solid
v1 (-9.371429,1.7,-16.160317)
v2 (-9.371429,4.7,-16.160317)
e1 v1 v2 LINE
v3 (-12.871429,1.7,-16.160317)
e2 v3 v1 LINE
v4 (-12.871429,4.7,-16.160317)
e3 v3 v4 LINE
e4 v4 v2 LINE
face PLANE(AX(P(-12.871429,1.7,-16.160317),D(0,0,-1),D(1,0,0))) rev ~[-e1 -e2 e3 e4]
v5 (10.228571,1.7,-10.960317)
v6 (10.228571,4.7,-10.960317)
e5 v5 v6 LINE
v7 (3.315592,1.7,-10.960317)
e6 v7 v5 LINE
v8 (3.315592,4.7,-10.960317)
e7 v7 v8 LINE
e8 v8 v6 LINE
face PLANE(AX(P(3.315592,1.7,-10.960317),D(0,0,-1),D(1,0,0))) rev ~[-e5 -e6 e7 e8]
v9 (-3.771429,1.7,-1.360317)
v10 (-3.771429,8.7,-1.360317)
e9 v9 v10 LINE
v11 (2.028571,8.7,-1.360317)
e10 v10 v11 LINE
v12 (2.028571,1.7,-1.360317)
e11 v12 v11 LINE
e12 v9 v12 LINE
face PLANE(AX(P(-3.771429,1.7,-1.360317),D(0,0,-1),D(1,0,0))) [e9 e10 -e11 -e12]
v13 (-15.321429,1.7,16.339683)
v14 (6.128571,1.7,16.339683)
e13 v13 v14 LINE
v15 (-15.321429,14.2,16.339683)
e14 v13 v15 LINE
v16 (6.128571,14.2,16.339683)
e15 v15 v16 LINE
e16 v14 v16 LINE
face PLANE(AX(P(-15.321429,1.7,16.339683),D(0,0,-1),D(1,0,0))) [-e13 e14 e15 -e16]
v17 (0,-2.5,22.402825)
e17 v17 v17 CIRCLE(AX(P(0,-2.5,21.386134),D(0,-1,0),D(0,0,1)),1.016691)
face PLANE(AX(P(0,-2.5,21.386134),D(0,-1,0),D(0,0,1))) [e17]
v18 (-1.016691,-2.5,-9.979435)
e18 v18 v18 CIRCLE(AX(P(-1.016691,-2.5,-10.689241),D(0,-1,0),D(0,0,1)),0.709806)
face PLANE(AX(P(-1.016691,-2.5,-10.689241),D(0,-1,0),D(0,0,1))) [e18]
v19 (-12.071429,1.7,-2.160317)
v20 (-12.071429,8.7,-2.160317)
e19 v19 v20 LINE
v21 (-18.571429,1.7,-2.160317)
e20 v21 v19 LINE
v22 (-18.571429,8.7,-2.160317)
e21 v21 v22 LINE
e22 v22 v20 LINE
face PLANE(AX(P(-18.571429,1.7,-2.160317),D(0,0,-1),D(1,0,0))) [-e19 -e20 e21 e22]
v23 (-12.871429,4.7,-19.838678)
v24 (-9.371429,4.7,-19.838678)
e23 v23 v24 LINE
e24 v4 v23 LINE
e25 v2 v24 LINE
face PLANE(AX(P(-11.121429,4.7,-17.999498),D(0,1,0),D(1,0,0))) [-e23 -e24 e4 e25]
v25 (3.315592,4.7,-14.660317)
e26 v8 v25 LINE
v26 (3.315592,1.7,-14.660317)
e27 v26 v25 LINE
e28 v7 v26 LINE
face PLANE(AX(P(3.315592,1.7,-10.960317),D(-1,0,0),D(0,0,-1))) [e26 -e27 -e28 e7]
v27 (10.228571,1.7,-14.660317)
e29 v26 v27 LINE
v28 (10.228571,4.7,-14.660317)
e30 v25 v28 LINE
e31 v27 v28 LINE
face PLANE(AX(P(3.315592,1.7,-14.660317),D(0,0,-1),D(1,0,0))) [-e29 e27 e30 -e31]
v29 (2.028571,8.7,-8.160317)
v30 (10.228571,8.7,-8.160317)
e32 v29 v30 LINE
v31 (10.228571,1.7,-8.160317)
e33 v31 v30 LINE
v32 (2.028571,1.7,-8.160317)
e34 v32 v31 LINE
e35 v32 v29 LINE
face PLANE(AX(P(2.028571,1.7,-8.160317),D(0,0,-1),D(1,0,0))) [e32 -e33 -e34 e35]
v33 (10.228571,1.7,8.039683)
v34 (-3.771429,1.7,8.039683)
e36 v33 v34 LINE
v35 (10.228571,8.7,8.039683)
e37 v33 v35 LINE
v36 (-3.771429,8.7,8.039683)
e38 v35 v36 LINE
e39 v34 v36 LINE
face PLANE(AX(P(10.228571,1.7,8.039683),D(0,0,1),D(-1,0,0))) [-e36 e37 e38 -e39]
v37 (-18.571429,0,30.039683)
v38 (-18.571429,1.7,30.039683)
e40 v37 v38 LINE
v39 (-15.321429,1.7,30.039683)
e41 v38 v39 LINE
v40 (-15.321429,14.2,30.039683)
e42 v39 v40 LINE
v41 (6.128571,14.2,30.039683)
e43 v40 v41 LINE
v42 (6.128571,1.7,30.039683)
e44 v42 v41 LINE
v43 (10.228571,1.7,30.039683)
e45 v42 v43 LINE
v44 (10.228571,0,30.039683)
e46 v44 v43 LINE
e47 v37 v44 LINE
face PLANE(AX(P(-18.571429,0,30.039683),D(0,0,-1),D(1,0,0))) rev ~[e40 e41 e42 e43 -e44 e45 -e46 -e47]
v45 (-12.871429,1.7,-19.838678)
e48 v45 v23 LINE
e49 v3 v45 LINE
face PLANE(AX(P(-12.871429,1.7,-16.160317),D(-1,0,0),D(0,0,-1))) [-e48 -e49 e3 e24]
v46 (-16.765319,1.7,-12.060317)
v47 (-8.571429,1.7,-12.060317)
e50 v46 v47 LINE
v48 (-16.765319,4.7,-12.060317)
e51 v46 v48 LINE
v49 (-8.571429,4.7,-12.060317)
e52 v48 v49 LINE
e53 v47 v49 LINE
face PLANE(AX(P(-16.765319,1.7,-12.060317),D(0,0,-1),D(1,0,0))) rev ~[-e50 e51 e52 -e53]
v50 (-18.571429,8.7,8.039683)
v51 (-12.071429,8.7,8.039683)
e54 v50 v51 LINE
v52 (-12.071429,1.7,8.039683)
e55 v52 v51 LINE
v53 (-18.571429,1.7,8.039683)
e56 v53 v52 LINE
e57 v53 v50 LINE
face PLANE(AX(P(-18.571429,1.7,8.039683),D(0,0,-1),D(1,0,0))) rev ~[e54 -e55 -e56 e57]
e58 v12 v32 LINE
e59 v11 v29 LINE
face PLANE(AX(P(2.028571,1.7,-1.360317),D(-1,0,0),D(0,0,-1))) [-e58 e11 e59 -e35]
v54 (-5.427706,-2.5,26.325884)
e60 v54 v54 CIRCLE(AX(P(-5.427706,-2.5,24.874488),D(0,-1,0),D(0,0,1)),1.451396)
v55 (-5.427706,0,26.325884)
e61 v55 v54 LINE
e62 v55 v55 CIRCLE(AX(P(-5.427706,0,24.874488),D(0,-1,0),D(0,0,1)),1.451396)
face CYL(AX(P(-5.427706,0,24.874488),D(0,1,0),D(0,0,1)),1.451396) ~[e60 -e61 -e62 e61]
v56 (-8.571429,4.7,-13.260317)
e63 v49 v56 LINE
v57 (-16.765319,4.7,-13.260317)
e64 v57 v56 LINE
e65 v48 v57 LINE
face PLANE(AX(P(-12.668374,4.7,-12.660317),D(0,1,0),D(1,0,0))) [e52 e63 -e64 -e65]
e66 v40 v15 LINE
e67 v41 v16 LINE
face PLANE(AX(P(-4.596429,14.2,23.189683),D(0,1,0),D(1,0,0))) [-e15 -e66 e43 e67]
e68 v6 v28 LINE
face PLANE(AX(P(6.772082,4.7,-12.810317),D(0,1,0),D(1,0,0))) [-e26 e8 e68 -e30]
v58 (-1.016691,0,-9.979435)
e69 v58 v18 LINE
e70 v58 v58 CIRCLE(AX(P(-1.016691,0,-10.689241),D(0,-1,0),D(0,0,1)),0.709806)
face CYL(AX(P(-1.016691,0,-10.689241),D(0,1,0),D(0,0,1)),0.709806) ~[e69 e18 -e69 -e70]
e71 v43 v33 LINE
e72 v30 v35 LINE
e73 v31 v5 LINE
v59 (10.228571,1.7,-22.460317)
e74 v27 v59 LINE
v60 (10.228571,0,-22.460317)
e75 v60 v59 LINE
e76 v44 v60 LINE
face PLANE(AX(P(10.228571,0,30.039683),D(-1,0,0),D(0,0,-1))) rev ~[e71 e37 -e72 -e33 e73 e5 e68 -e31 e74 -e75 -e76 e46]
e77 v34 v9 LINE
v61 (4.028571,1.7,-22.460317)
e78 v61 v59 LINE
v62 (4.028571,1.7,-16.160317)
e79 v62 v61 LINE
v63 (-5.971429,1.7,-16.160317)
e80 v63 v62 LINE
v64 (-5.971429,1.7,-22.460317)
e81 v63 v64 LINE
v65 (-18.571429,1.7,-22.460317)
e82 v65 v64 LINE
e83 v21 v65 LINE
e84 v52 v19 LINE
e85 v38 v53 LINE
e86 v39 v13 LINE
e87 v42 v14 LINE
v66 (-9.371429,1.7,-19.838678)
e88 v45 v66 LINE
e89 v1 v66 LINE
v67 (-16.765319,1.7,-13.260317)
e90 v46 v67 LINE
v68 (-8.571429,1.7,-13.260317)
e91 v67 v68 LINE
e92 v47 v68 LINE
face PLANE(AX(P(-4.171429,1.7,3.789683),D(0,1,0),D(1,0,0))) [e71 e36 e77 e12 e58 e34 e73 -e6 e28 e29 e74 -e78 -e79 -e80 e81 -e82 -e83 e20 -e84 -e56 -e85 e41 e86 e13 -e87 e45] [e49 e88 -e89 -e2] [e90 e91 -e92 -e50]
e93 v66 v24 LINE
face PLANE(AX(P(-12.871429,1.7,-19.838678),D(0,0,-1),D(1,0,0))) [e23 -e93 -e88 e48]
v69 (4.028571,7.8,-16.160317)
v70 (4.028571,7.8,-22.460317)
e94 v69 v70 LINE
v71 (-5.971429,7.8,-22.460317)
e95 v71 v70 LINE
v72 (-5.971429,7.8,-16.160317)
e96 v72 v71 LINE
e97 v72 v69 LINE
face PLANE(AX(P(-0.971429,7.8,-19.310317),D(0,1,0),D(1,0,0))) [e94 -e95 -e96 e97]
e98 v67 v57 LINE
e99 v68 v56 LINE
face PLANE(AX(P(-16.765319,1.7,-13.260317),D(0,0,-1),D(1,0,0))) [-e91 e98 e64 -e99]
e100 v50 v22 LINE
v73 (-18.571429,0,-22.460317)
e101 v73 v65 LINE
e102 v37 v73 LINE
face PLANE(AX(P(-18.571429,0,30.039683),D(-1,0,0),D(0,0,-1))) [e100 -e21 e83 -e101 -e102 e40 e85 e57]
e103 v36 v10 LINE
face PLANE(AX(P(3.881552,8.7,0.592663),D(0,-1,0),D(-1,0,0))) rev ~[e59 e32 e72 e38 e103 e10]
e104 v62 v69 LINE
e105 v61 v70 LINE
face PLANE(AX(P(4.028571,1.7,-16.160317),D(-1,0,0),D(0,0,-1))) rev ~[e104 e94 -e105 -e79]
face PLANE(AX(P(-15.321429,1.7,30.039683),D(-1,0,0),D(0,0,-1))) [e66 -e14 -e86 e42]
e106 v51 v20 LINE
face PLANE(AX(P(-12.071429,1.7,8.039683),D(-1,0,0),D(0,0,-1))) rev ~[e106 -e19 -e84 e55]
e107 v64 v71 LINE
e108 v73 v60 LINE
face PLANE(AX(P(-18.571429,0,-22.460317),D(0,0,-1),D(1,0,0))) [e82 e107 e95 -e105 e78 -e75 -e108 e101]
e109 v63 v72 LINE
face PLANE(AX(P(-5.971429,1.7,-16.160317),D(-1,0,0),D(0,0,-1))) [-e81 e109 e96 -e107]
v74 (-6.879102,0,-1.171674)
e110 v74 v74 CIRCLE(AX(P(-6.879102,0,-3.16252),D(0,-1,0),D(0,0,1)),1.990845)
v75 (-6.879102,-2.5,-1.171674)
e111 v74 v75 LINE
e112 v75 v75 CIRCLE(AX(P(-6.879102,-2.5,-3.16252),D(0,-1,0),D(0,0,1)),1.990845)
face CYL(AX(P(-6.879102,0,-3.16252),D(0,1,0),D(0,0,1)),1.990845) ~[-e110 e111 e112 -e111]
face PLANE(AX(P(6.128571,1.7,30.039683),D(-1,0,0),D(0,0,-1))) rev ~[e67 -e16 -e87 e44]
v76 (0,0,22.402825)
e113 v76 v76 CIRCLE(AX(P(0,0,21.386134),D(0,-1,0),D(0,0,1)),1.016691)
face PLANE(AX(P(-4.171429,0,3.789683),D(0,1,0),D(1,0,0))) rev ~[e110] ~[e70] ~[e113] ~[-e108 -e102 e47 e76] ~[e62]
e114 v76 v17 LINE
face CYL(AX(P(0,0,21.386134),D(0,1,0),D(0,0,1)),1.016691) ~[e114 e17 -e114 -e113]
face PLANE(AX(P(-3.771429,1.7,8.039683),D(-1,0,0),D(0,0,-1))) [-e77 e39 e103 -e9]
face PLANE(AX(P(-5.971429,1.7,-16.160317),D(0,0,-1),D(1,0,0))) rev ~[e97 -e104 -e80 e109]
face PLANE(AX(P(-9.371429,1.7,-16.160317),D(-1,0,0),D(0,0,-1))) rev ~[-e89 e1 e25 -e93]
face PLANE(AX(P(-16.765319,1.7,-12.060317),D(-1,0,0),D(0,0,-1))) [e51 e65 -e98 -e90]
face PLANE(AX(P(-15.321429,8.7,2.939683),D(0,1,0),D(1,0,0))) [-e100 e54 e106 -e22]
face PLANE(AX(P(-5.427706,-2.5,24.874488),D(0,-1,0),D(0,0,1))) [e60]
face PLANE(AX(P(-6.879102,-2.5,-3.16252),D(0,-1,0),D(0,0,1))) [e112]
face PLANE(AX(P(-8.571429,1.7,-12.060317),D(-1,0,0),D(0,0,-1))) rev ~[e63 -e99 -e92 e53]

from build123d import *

# Parameters (mm, degrees)
SZKIC1_W                    = 28.8
SZKIC1_H                    = 52.5
DODANIE_WYCI_GNI_CIE1_DEPTH = 1.7
SZKIC2_W                    = 21.45
SZKIC2_H                    = 13.7
DODANIE_WYCI_GNI_CIE2_DEPTH = 12.5
SZKIC3_W                    = 10
SZKIC3_H                    = 6.3
DODANIE_WYCI_GNI_CIE3_DEPTH = 6.1
SZKIC4_W                    = 6.912979227
SZKIC4_H                    = 3.7
DODANIE_WYCI_GNI_CIE4_DEPTH = 3
SZKIC5_R                    = 1.451396222
SZKIC5_R_2                  = 1.016690736
SZKIC5_R_3                  = 1.990845458
SZKIC5_R_4                  = 0.709805555
DODANIE_WYCI_GNI_CIE5_DEPTH = 2.5
SZKIC6_W                    = 3.5
SZKIC6_H                    = 3.678360942
DODANIE_WYCI_GNI_CIE6_DEPTH = 3
SZKIC7_W                    = 8.193889987
SZKIC7_H                    = 1.2
DODANIE_WYCI_GNI_CIE7_DEPTH = 3
SZKIC8_W                    = 6.5
SZKIC8_H                    = 10.2
DODANIE_WYCI_GNI_CIE8_DEPTH = 7


with BuildPart() as part:
    # Szkic1 → Dodanie-wyciągnięcie1 (new body)
    with BuildSketch(Plane(origin=(0, 0, 0), x_dir=(1, 0, 0), z_dir=(0, 1, 0))):
        with Locations((-4.171428571, -3.78968254)):
            Rectangle(SZKIC1_W, SZKIC1_H)
    extrude(amount=DODANIE_WYCI_GNI_CIE1_DEPTH)

    # Szkic2 → Dodanie-wyciągnięcie2 (add)
    with BuildSketch(Plane(origin=(0, 1.7, 0), x_dir=(1, 0, 0), z_dir=(0, 1, 0))):
        with Locations((-4.596428571, -23.18968254)):
            Rectangle(SZKIC2_W, SZKIC2_H)
    extrude(amount=DODANIE_WYCI_GNI_CIE2_DEPTH)

    # Szkic3 → Dodanie-wyciągnięcie3 (add)
    with BuildSketch(Plane(origin=(0, 1.7, 0), x_dir=(1, 0, 0), z_dir=(0, 1, 0))):
        with Locations((-0.971428571, 19.31031746)):
            Rectangle(SZKIC3_W, SZKIC3_H)
    extrude(amount=DODANIE_WYCI_GNI_CIE3_DEPTH)

    # Szkic4 → Dodanie-wyciągnięcie4 (add)
    with BuildSketch(Plane(origin=(0, 1.7, 0), x_dir=(1, 0, 0), z_dir=(0, 1, 0))):
        with Locations((6.772081815, 12.81031746)):
            Rectangle(SZKIC4_W, SZKIC4_H)
    extrude(amount=DODANIE_WYCI_GNI_CIE4_DEPTH)

    # Szkic5 → Dodanie-wyciągnięcie5 (add)
    with BuildSketch(Plane.XZ):
        with Locations(Location((-5.427705737, 24.874487644, 0), (0, 0, 90))):
            Circle(SZKIC5_R)
        with Locations(Location((0, 21.386133845, 0), (0, 0, 90))):
            Circle(SZKIC5_R_2)
        with Locations(Location((-6.879101959, -3.162519717, 0), (0, 0, 90))):
            Circle(SZKIC5_R_3)
        with Locations(Location((-1.016690736, -10.689240837, 0), (0, 0, 90))):
            Circle(SZKIC5_R_4)
    extrude(amount=DODANIE_WYCI_GNI_CIE5_DEPTH)

    # Szkic6 → Dodanie-wyciągnięcie6 (add)
    with BuildSketch(Plane(origin=(0, 1.7, 0), x_dir=(1, 0, 0), z_dir=(0, 1, 0))):
        with Locations((-11.121428571, 17.999497931)):
            Rectangle(SZKIC6_W, SZKIC6_H)
    extrude(amount=DODANIE_WYCI_GNI_CIE6_DEPTH)

    # Szkic7 → Dodanie-wyciągnięcie7 (add)
    with BuildSketch(Plane(origin=(0, 1.7, 0), x_dir=(1, 0, 0), z_dir=(0, 1, 0))):
        with Locations((-12.668373565, 12.66031746)):
            Rectangle(SZKIC7_W, SZKIC7_H)
    extrude(amount=DODANIE_WYCI_GNI_CIE7_DEPTH)

    # Szkic8 → Dodanie-wyciągnięcie8 (add)
    with BuildSketch(Plane(origin=(0, 1.7, 0), x_dir=(1, 0, 0), z_dir=(0, 1, 0))):
        with Locations((-15.321428571, -2.93968254)):
            Rectangle(SZKIC8_W, SZKIC8_H)
        Polygon((10.228571429, -8.03968254), (-3.771428571, -8.03968254), (-3.771428571, 1.36031746), (2.028571429, 1.36031746), (2.028571429, 8.16031746), (10.228571429, 8.16031746), align=None)
    extrude(amount=DODANIE_WYCI_GNI_CIE8_DEPTH)


solid = part.part
